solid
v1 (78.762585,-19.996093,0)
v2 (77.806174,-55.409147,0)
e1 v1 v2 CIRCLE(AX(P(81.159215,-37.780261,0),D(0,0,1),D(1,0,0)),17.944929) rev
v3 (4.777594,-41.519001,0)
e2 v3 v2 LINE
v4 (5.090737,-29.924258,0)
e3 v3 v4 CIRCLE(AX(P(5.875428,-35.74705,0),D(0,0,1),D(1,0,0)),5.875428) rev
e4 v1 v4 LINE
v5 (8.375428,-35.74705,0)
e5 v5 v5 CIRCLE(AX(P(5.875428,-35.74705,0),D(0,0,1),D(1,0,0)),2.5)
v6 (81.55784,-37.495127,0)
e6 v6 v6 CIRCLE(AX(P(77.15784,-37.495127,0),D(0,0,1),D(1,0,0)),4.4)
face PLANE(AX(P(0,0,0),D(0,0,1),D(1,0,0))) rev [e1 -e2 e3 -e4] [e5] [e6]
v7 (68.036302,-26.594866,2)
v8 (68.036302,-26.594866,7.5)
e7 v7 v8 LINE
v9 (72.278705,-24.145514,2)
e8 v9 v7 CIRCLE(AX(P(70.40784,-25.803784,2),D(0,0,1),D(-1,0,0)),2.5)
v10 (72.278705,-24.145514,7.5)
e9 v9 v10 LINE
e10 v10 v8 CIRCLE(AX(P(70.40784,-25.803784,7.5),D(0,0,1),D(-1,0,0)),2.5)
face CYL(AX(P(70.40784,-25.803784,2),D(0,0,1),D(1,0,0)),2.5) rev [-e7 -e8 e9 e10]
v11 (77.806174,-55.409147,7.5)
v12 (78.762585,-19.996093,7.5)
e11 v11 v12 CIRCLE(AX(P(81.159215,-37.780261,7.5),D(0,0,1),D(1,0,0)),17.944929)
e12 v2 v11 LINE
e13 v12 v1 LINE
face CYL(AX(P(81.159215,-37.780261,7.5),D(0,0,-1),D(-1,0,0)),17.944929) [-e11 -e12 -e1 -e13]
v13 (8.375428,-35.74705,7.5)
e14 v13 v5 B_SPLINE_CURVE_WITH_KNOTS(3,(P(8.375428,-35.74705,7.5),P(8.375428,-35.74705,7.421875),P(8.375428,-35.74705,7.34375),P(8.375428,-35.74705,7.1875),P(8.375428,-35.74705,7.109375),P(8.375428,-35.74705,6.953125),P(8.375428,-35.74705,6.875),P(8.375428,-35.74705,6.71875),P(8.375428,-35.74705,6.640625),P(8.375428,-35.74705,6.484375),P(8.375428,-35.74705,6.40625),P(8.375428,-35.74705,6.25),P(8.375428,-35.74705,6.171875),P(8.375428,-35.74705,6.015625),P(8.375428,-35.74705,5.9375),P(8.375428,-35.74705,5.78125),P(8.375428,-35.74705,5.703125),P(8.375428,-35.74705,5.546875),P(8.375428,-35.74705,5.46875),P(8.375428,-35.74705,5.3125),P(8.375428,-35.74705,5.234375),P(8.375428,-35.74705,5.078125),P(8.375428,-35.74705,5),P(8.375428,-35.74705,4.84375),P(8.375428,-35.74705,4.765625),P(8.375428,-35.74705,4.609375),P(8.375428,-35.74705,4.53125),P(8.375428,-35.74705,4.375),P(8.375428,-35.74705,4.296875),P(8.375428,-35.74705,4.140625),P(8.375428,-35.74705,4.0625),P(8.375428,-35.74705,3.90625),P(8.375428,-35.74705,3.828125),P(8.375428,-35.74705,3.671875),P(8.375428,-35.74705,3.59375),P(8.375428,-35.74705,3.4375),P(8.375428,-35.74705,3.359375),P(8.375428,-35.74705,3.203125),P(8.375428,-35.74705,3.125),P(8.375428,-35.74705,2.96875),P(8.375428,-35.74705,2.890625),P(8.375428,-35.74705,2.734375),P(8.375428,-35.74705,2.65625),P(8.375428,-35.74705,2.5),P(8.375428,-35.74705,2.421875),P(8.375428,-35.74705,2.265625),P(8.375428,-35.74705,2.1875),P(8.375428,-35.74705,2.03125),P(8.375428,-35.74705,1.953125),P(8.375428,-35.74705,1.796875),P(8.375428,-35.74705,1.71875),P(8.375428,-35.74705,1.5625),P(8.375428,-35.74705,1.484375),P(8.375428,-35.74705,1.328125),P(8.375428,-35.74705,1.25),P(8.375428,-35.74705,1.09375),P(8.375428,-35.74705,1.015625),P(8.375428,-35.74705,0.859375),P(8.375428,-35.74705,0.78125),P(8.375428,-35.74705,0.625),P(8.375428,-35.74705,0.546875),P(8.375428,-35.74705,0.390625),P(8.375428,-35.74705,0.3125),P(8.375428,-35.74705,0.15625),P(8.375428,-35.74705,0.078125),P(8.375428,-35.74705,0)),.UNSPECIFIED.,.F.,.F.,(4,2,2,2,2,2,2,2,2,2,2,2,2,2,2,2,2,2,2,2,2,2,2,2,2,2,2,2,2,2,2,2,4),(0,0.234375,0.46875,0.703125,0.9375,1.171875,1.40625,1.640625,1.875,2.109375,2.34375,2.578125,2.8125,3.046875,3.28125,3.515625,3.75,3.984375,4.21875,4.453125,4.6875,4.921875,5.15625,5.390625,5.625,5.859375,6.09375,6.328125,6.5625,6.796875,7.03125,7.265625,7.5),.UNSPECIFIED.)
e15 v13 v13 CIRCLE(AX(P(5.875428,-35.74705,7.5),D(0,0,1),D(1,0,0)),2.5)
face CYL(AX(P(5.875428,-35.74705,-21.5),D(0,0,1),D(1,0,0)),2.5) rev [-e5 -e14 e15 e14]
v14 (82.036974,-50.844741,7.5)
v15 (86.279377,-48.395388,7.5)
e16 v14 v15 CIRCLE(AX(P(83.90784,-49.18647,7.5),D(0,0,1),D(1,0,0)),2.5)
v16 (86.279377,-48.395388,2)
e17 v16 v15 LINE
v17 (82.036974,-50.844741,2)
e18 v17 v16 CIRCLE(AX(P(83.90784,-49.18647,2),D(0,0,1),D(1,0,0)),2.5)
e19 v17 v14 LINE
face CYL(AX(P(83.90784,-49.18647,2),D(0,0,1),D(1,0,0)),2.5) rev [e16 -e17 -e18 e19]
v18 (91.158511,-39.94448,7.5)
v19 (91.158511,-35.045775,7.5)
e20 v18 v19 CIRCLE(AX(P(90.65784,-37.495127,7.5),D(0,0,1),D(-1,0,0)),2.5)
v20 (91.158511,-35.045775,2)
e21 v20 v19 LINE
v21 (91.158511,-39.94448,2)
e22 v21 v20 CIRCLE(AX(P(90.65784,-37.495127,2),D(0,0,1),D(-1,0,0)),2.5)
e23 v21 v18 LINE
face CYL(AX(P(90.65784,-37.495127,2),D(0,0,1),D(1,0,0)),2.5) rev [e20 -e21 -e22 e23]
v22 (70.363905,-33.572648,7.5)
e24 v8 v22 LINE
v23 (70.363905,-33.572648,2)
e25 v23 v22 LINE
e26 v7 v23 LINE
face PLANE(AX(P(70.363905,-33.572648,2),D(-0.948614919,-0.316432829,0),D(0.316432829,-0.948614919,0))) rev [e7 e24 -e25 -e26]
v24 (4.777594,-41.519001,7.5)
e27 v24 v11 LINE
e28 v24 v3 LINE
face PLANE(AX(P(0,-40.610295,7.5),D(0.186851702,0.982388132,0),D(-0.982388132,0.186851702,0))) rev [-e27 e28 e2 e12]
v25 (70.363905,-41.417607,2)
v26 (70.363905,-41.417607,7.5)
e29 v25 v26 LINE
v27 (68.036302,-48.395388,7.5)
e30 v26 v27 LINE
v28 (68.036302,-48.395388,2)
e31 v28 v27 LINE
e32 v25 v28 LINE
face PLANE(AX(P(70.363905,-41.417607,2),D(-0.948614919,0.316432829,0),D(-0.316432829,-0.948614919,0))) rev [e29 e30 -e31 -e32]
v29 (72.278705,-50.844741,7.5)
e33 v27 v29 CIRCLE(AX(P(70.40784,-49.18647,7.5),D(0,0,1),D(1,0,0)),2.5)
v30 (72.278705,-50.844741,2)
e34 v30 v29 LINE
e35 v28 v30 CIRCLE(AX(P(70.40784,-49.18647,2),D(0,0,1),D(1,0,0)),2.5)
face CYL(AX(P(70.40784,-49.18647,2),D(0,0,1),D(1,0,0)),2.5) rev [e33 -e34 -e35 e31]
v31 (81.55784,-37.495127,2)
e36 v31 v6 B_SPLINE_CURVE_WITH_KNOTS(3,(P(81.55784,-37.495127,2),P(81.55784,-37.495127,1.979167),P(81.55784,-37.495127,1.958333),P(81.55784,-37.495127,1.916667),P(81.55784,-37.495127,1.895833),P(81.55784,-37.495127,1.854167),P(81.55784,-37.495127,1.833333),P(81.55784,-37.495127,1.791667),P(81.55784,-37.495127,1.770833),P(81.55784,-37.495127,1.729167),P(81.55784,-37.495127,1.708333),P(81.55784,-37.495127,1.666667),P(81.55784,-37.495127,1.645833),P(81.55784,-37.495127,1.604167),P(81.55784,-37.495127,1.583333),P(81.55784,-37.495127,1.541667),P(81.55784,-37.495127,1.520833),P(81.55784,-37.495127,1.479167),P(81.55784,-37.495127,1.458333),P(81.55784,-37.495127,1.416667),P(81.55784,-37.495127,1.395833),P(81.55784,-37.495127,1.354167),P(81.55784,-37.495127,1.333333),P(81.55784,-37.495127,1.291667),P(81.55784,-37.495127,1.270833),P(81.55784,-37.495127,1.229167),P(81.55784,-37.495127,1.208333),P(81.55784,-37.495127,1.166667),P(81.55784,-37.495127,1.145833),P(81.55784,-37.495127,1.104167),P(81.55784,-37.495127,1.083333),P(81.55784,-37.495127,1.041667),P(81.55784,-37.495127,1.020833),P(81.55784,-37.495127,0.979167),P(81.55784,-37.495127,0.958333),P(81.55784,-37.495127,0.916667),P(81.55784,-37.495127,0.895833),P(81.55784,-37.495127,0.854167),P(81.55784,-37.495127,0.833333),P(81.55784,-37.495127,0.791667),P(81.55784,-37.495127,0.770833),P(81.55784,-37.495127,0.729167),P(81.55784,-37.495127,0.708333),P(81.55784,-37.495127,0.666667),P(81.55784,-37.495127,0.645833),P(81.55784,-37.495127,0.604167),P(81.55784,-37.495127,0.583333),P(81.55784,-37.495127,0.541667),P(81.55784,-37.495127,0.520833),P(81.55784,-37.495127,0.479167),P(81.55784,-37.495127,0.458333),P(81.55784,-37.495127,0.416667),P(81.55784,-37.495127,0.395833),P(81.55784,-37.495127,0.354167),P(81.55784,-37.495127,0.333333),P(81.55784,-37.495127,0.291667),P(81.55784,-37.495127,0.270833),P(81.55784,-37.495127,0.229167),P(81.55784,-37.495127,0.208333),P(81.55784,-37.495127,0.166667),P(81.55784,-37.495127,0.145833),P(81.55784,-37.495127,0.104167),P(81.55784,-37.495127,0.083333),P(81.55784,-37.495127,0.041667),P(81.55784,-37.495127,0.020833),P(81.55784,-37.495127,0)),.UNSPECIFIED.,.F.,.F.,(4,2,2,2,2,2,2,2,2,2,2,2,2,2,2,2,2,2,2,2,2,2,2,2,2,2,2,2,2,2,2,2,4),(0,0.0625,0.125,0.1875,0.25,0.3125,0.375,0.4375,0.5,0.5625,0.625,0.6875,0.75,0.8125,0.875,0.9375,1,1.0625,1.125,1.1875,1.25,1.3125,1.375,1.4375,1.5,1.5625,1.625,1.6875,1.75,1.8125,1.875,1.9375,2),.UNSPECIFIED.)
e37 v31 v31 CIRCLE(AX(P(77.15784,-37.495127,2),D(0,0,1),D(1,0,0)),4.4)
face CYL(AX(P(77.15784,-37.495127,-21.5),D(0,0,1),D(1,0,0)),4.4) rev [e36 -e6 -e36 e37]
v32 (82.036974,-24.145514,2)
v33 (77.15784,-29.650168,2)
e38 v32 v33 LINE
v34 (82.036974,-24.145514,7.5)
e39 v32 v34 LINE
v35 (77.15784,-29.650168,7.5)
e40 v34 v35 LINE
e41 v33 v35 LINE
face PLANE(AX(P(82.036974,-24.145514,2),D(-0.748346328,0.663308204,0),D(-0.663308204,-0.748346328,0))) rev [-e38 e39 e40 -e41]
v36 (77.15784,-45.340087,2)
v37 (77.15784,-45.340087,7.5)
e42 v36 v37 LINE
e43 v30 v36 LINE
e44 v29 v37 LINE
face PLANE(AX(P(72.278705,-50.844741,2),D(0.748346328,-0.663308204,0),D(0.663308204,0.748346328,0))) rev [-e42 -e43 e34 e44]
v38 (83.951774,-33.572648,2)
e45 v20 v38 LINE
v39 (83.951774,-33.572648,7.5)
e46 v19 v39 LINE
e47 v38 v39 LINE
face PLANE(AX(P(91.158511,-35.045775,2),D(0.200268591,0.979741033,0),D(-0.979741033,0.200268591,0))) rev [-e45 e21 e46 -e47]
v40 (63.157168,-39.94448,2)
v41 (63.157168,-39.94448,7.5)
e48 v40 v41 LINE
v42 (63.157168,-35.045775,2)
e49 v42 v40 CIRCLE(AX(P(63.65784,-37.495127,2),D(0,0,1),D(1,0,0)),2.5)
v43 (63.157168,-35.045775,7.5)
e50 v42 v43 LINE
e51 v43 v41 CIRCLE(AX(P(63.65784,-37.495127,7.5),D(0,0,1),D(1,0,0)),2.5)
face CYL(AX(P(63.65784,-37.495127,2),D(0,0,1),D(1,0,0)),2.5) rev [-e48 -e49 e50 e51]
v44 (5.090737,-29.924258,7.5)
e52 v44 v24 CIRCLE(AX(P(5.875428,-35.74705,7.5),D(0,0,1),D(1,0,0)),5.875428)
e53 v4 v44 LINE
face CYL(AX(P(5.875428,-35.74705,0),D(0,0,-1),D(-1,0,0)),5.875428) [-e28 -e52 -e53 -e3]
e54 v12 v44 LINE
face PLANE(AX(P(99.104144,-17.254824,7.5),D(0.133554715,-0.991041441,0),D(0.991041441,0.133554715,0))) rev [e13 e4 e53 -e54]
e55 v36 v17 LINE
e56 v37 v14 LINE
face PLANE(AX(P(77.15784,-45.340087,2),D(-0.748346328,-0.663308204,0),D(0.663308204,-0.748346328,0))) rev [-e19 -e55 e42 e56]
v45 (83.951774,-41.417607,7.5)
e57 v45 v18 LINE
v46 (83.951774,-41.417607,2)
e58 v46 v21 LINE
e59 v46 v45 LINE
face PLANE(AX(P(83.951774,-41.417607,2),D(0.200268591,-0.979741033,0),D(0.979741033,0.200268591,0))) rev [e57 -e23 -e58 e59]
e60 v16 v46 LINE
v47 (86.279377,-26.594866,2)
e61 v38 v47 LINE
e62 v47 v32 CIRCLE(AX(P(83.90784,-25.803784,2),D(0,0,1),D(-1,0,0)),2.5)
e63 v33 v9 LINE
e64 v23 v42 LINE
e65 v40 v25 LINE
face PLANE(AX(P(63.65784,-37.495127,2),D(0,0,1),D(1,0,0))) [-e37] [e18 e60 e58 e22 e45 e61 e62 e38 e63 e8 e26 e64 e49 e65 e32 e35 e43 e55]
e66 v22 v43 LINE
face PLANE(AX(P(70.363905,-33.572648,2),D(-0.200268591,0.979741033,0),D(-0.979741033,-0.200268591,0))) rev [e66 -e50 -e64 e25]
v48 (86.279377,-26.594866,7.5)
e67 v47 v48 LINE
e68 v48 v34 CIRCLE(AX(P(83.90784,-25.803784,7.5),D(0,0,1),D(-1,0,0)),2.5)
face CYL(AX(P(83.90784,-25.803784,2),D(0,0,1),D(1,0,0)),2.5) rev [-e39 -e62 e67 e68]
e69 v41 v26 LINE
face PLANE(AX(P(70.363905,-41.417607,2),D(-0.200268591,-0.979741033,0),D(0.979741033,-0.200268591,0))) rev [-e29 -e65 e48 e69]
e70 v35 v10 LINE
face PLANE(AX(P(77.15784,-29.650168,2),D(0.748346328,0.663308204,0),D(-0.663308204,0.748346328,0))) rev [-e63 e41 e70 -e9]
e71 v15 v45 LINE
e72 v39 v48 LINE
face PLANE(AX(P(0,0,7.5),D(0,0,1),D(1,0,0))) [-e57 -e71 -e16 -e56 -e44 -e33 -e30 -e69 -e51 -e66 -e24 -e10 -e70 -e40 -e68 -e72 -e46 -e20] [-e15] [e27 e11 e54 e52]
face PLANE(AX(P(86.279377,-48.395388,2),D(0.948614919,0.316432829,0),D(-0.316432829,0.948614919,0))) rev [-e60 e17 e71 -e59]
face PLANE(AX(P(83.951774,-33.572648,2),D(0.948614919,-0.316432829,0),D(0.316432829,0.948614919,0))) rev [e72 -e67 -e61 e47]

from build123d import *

# Parameters (mm, degrees)
BOSS_EXTRUDE4_DEPTH = 7.5
FILLET2_R           = 17.944929
FILLET3_R           = 5.875428
CUT_EXTRUDE6_DEPTH  = 5.5
SKETCH9_R           = 4.4
CUT_EXTRUDE8_DEPTH  = 29
SKETCH10_R          = 2.5
CUT_EXTRUDE9_DEPTH  = 29


with BuildPart() as part:
    # Sketch1 → Boss-Extrude4 (new body)
    with BuildSketch(Plane.XY):
        Polygon((0, -30.610295464), (0, -40.610295464), (99.104144123, -59.46005289), (99.104144123, -17.254824013), align=None)
    extrude(amount=BOSS_EXTRUDE4_DEPTH)

    # Fillet2
    fillet2_edges = [part.edges().sort_by_distance(p)[0] for p in [
        (99.104144123, -17.254824013, 3.75),
        (99.104144123, -59.46005289, 3.75),
    ]]
    fillet(fillet2_edges, radius=FILLET2_R)

    # Fillet3
    fillet3_edges = [part.edges().sort_by_distance(p)[0] for p in [
        (0, -40.610295464, 3.75),
        (0, -30.610295464, 3.75),
    ]]
    fillet(fillet3_edges, radius=FILLET3_R)

    # Sketch7 → Cut-Extrude6 (cut)
    with BuildSketch(Plane.XY.offset(7.5)):
        with BuildLine():
            Line((70.363905336, -33.572647528), (68.036302236, -26.594866387))
            ThreePointArc((68.036302236, -26.594866387), (69.157839534, -23.638720805), (72.278705354, -24.145513805))
            Line((72.278705354, -24.145513805), (77.157839534, -29.65016779))
            Line((77.157839534, -29.65016779), (82.036973713, -24.145513805))
            ThreePointArc((82.036973713, -24.145513805), (85.157839534, -23.638720805), (86.279376831, -26.594866387))
            Line((86.279376831, -26.594866387), (83.951773731, -33.572647528))
            Line((83.951773731, -33.572647528), (91.158511011, -35.045774684))
            ThreePointArc((91.158511011, -35.045774684), (93.157839534, -37.495127266), (91.158511011, -39.944479848))
            Line((91.158511011, -39.944479848), (83.951773731, -41.417607003))
            Line((83.951773731, -41.417607003), (86.279376831, -48.395388144))
            ThreePointArc((86.279376831, -48.395388144), (85.157839534, -51.351533726), (82.036973713, -50.844740726))
            Line((82.036973713, -50.844740726), (77.157839534, -45.340086741))
            Line((77.157839534, -45.340086741), (72.278705354, -50.844740726))
            ThreePointArc((72.278705354, -50.844740726), (69.157839534, -51.351533726), (68.036302236, -48.395388144))
            Line((68.036302236, -48.395388144), (70.363905336, -41.417607003))
            Line((70.363905336, -41.417607003), (63.157168056, -39.944479848))
            ThreePointArc((63.157168056, -39.944479848), (61.157839534, -37.495127266), (63.157168056, -35.045774684))
            Line((63.157168056, -35.045774684), (70.363905336, -33.572647528))
        make_face()
    extrude(amount=-CUT_EXTRUDE6_DEPTH, mode=Mode.SUBTRACT)

    # Sketch9 → Cut-Extrude8 (cut)
    with BuildSketch(Plane.XY.offset(7.5)):
        with Locations((77.157839534, -37.495127266)):
            Circle(SKETCH9_R)
    extrude(amount=-CUT_EXTRUDE8_DEPTH, mode=Mode.SUBTRACT)

    # Sketch10 → Cut-Extrude9 (cut)
    with BuildSketch(Plane.XY.offset(7.5)):
        with Locations((5.875428046, -35.747050315)):
            Circle(SKETCH10_R)
    extrude(amount=-CUT_EXTRUDE9_DEPTH, mode=Mode.SUBTRACT)


solid = part.part
